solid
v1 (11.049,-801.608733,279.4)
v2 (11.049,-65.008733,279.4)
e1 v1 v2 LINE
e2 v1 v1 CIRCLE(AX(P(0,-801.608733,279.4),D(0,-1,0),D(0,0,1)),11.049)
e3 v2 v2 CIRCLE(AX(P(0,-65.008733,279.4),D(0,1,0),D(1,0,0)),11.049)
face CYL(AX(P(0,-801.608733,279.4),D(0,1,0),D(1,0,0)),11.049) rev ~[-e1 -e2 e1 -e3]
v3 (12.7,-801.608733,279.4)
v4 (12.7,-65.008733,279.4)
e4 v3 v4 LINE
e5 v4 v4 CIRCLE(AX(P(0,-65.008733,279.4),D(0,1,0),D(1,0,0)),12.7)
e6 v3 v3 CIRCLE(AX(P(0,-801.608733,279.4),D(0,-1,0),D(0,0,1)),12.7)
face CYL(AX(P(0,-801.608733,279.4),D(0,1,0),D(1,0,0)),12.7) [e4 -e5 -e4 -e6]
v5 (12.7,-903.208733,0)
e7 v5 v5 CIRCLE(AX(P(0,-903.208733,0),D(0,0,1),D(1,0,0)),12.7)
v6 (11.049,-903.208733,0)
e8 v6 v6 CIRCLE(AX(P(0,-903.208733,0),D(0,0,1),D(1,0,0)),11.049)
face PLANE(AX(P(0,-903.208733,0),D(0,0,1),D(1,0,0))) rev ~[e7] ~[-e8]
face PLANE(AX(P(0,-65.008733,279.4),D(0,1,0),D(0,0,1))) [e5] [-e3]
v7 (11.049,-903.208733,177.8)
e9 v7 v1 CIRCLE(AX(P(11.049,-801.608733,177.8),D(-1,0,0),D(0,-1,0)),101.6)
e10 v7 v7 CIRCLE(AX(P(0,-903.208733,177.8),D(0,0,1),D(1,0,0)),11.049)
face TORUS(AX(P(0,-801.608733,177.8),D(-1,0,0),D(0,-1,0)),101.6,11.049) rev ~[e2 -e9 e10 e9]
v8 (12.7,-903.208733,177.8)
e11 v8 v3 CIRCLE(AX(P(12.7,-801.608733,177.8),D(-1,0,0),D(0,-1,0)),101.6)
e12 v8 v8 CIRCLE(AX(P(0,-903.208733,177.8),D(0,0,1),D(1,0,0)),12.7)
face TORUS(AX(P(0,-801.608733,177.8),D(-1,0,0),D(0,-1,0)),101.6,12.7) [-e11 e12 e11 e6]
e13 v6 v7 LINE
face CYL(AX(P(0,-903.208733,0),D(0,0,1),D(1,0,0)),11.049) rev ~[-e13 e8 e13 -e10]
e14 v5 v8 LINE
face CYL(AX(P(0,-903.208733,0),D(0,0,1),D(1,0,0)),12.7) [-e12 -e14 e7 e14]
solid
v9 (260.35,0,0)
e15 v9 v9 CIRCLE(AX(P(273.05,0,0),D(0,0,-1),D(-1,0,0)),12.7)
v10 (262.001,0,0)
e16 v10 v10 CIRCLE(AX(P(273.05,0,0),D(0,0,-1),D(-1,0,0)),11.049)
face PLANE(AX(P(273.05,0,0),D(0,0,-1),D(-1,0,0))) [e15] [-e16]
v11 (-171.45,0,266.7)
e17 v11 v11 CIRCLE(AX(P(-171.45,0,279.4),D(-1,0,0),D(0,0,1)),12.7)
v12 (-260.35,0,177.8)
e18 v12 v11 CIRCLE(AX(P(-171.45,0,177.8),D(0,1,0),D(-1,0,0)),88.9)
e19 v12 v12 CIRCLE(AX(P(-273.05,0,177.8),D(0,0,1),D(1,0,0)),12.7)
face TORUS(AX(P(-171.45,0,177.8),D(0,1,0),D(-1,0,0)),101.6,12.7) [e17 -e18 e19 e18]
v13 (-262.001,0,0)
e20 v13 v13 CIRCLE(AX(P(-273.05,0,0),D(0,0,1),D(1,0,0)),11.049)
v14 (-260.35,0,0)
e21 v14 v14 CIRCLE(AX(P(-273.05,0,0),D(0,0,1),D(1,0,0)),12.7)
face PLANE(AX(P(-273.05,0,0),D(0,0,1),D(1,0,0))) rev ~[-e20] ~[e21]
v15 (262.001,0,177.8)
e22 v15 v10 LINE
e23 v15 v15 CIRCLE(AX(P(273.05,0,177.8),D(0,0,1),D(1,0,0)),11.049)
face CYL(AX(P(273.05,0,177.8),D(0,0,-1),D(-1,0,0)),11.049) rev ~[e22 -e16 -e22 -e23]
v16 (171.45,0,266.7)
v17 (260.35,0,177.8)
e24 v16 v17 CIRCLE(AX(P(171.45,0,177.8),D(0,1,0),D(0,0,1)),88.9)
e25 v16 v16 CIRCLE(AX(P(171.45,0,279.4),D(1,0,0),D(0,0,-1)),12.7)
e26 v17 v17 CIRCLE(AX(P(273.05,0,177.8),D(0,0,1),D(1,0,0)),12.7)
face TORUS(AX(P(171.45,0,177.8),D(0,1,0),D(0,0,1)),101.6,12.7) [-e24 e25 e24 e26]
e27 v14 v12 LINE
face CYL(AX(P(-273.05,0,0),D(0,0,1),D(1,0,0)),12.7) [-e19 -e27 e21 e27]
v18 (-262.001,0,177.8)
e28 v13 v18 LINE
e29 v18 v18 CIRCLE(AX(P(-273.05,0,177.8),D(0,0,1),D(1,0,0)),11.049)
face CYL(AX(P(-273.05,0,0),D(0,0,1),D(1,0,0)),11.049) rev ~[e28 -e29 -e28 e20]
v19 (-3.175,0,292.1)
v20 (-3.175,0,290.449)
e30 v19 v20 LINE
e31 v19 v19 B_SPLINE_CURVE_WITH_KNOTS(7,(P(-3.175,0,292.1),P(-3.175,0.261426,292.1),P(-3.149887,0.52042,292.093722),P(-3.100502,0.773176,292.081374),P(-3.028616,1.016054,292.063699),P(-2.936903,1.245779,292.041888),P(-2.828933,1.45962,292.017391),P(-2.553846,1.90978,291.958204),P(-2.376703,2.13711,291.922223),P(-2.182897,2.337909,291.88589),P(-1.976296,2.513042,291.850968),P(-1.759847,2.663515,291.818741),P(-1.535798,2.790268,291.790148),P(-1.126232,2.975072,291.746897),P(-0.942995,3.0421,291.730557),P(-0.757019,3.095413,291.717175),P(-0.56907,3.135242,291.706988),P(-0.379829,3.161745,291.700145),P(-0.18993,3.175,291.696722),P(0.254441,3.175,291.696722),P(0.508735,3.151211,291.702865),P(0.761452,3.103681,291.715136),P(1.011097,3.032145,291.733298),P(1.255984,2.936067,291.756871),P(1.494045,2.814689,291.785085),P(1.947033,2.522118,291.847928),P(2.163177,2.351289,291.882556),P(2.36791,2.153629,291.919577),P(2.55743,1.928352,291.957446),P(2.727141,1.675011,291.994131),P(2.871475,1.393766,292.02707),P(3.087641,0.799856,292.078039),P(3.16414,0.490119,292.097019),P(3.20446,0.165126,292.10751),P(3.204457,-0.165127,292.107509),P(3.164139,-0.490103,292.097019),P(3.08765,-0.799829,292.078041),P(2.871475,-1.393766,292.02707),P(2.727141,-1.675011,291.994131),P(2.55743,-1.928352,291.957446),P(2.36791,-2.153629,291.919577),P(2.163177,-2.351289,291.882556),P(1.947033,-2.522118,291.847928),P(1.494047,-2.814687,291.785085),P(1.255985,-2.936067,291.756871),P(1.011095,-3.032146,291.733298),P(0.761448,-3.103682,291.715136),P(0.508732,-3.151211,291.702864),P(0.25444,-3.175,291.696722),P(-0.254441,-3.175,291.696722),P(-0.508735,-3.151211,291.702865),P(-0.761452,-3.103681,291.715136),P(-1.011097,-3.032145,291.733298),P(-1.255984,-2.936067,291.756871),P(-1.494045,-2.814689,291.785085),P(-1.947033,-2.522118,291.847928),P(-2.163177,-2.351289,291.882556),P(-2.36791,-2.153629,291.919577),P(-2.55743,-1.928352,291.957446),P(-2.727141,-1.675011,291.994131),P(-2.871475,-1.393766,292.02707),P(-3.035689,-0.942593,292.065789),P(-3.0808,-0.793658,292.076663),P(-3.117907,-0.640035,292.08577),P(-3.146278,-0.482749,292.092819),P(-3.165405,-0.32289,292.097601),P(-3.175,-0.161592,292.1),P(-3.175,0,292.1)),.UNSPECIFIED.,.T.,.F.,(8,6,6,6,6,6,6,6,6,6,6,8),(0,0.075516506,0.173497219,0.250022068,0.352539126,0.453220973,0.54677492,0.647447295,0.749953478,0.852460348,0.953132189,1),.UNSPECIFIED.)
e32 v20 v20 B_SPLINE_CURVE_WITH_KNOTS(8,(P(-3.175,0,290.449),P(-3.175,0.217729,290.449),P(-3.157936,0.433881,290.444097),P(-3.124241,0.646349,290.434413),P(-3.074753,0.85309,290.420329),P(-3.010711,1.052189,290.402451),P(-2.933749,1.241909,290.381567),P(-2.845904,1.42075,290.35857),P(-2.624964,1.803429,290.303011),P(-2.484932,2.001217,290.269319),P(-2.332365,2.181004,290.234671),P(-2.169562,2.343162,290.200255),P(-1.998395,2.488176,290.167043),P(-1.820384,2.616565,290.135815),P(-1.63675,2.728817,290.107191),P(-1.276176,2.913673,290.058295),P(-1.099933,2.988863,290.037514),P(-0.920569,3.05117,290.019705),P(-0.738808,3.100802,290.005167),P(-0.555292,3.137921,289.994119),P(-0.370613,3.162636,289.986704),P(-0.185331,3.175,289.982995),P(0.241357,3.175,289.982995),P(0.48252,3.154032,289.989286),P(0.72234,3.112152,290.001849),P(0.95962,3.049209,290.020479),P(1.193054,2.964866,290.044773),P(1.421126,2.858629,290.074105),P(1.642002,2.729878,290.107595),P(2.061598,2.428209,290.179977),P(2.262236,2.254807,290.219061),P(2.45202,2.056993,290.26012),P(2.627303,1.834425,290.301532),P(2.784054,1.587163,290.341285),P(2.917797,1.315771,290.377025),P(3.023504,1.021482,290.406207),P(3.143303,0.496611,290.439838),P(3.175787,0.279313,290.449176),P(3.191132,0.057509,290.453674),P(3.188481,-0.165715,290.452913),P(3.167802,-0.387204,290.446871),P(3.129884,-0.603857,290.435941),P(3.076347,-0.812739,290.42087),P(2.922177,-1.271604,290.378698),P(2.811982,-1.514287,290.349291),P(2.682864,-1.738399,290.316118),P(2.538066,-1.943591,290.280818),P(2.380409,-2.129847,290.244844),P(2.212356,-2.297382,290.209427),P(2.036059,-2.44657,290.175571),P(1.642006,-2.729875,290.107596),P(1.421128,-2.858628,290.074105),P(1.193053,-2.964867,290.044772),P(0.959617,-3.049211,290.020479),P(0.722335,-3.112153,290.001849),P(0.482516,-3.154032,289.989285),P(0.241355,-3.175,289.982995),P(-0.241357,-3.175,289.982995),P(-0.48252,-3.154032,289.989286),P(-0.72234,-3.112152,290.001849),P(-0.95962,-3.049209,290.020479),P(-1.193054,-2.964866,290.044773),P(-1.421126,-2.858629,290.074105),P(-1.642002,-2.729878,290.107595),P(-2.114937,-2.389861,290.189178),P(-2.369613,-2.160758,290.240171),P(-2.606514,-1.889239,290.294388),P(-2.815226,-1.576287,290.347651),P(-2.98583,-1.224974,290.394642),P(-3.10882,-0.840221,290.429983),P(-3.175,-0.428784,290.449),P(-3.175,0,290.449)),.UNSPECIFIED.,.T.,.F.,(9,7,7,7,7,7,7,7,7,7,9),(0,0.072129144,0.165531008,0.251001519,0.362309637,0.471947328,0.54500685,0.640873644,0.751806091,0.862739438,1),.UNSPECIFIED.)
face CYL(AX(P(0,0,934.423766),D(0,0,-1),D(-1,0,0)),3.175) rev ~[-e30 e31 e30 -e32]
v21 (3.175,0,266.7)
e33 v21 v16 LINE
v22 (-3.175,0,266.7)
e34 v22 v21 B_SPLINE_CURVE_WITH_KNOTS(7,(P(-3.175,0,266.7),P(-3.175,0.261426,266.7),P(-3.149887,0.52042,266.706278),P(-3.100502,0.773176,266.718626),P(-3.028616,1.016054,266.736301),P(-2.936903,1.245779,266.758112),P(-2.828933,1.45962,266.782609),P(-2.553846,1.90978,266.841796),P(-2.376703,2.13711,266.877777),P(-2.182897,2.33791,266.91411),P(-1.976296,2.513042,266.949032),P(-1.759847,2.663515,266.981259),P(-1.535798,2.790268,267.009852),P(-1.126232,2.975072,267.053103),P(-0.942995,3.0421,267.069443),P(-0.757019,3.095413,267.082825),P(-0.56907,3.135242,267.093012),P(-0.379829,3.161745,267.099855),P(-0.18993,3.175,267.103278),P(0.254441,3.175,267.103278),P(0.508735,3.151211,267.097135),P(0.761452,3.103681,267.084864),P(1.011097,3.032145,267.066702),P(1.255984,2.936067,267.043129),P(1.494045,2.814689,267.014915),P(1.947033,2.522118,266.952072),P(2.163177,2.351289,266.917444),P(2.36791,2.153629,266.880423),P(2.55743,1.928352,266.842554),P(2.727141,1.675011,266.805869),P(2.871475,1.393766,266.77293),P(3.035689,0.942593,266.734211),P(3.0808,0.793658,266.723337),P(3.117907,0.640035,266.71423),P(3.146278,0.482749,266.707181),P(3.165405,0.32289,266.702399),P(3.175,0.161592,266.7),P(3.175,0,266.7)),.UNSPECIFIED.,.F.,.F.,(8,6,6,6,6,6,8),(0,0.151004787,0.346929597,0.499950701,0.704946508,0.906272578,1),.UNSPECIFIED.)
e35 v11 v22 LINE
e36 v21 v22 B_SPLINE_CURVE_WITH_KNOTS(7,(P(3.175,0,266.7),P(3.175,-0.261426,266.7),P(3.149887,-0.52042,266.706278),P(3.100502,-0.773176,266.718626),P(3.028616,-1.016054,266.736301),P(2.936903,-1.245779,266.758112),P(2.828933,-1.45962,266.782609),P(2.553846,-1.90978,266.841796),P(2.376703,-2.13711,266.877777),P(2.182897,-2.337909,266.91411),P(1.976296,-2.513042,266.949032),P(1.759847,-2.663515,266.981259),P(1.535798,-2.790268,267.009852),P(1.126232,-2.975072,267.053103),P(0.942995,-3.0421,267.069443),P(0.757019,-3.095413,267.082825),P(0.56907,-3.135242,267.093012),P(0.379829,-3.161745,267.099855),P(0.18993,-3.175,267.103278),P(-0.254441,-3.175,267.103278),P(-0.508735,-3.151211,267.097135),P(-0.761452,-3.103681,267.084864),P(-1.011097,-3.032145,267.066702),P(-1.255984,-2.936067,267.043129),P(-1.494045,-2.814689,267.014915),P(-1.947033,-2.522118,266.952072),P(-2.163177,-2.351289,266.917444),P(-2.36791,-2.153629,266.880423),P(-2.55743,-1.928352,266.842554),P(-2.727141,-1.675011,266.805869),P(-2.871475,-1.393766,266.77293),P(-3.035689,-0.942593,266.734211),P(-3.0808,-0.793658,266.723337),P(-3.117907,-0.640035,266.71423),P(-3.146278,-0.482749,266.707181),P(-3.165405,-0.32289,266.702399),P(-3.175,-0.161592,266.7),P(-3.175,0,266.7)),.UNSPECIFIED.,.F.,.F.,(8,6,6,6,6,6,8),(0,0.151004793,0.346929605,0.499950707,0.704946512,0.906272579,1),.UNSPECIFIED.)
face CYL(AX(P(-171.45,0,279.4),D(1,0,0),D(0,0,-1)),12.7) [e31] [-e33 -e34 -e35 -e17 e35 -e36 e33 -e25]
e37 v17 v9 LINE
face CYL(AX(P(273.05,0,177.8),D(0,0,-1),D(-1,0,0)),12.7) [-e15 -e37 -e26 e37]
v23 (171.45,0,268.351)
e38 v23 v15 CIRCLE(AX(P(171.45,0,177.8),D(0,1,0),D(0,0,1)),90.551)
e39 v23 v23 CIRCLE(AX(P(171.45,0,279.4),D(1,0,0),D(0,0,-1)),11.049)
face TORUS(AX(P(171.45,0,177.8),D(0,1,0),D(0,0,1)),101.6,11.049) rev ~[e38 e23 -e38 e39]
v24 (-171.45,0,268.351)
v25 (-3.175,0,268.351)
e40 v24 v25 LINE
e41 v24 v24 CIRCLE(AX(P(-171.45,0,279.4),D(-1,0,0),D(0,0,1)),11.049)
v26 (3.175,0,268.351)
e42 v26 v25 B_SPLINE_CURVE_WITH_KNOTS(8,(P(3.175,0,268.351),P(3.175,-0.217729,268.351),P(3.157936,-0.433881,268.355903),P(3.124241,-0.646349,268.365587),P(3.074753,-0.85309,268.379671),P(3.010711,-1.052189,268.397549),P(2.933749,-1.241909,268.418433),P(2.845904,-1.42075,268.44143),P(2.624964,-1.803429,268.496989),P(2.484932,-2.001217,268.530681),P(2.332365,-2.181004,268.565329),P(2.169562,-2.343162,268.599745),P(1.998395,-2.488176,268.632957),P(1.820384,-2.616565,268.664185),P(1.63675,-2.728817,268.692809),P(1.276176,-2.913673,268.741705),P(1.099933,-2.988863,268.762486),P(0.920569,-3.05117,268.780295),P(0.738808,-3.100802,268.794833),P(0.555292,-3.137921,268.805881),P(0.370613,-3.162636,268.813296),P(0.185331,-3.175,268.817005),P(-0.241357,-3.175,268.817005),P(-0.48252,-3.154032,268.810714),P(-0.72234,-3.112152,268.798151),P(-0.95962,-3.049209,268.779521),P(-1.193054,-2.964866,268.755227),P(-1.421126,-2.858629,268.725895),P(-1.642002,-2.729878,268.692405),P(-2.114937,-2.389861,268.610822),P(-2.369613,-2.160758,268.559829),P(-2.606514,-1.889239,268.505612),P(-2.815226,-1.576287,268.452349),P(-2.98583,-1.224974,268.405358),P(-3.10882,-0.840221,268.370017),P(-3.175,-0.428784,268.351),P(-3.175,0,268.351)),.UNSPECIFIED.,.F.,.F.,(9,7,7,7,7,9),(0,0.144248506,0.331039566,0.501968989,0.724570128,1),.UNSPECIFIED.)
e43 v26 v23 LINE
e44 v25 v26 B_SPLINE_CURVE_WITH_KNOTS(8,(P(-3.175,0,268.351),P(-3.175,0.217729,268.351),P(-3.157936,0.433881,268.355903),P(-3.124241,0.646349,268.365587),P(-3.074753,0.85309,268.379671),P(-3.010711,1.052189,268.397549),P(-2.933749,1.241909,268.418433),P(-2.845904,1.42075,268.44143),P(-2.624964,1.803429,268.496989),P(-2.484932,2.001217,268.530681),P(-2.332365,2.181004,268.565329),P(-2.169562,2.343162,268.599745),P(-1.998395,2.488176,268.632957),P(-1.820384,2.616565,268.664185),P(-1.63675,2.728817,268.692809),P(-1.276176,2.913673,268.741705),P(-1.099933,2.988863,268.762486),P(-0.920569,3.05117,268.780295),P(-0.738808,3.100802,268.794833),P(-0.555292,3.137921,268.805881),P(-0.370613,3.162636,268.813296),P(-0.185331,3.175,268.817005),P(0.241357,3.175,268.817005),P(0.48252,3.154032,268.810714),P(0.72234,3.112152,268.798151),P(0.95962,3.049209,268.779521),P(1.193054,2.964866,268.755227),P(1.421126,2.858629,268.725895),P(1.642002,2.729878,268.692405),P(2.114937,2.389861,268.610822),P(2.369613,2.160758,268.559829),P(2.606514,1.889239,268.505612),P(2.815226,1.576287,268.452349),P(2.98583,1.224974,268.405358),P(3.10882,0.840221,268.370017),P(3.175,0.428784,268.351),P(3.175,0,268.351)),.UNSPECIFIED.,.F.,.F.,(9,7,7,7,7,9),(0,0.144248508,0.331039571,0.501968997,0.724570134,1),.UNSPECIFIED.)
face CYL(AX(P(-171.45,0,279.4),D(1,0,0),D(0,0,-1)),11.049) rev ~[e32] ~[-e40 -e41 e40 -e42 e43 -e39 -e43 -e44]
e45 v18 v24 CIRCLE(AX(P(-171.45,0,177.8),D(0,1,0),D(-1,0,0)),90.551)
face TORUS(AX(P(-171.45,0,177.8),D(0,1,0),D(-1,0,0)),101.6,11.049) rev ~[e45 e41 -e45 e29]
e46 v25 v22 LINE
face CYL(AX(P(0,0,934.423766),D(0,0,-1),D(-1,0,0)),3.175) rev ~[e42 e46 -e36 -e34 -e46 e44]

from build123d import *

# Parameters (mm, degrees)
F1_R   = 12.7
F1_R_2 = 11.049
F4_R   = 12.7
F4_R_2 = 11.049
F9_D   = 6.35


with BuildPart() as f2:
    # F2: sweep along a path in F0
    with BuildLine(Plane.XZ) as f2_path:
        Line((-273.05, 0), (-273.05, 177.8))
        ThreePointArc((-273.05, 177.8), (-243.2920489686, 249.6420489686), (-171.45, 279.4))
        Line((-171.45, 279.4), (171.45, 279.4))
        ThreePointArc((171.45, 279.4), (243.2920489686, 249.6420489686), (273.05, 177.8))
        Line((273.05, 177.8), (273.05, 0))
    # F1 (on Top) → F2 (sweep)
    with BuildSketch(Plane.XY):
        with Locations((-273.05, 0)):
            Circle(F1_R)
        with Locations((-273.05, 0)):
            Circle(F1_R_2, mode=Mode.SUBTRACT)
    sweep(path=f2_path.line)

    # F9 (through all)
    with Locations(Plane.XY.offset(292.1)):
        with Locations((0, 0)):
            Hole(F9_D / 2)


with BuildPart() as f5:
    # F5: sweep along a path in F3
    with BuildLine(Plane.YZ) as f5_path:
        Line((-903.208732605, 0), (-903.208732605, 177.8))
        ThreePointArc((-903.208732605, 177.8), (-873.4507815735, 249.6420489686), (-801.608732605, 279.4))
        Line((-801.608732605, 279.4), (-65.008732605, 279.4))
    # F4 (on Top) → F5 (sweep)
    with BuildSketch(Plane.XY):
        with Locations((0, -903.208732605)):
            Circle(F4_R)
        with Locations((0, -903.208732605)):
            Circle(F4_R_2, mode=Mode.SUBTRACT)
    sweep(path=f5_path.line)


solid = Compound([f2.part, f5.part])
